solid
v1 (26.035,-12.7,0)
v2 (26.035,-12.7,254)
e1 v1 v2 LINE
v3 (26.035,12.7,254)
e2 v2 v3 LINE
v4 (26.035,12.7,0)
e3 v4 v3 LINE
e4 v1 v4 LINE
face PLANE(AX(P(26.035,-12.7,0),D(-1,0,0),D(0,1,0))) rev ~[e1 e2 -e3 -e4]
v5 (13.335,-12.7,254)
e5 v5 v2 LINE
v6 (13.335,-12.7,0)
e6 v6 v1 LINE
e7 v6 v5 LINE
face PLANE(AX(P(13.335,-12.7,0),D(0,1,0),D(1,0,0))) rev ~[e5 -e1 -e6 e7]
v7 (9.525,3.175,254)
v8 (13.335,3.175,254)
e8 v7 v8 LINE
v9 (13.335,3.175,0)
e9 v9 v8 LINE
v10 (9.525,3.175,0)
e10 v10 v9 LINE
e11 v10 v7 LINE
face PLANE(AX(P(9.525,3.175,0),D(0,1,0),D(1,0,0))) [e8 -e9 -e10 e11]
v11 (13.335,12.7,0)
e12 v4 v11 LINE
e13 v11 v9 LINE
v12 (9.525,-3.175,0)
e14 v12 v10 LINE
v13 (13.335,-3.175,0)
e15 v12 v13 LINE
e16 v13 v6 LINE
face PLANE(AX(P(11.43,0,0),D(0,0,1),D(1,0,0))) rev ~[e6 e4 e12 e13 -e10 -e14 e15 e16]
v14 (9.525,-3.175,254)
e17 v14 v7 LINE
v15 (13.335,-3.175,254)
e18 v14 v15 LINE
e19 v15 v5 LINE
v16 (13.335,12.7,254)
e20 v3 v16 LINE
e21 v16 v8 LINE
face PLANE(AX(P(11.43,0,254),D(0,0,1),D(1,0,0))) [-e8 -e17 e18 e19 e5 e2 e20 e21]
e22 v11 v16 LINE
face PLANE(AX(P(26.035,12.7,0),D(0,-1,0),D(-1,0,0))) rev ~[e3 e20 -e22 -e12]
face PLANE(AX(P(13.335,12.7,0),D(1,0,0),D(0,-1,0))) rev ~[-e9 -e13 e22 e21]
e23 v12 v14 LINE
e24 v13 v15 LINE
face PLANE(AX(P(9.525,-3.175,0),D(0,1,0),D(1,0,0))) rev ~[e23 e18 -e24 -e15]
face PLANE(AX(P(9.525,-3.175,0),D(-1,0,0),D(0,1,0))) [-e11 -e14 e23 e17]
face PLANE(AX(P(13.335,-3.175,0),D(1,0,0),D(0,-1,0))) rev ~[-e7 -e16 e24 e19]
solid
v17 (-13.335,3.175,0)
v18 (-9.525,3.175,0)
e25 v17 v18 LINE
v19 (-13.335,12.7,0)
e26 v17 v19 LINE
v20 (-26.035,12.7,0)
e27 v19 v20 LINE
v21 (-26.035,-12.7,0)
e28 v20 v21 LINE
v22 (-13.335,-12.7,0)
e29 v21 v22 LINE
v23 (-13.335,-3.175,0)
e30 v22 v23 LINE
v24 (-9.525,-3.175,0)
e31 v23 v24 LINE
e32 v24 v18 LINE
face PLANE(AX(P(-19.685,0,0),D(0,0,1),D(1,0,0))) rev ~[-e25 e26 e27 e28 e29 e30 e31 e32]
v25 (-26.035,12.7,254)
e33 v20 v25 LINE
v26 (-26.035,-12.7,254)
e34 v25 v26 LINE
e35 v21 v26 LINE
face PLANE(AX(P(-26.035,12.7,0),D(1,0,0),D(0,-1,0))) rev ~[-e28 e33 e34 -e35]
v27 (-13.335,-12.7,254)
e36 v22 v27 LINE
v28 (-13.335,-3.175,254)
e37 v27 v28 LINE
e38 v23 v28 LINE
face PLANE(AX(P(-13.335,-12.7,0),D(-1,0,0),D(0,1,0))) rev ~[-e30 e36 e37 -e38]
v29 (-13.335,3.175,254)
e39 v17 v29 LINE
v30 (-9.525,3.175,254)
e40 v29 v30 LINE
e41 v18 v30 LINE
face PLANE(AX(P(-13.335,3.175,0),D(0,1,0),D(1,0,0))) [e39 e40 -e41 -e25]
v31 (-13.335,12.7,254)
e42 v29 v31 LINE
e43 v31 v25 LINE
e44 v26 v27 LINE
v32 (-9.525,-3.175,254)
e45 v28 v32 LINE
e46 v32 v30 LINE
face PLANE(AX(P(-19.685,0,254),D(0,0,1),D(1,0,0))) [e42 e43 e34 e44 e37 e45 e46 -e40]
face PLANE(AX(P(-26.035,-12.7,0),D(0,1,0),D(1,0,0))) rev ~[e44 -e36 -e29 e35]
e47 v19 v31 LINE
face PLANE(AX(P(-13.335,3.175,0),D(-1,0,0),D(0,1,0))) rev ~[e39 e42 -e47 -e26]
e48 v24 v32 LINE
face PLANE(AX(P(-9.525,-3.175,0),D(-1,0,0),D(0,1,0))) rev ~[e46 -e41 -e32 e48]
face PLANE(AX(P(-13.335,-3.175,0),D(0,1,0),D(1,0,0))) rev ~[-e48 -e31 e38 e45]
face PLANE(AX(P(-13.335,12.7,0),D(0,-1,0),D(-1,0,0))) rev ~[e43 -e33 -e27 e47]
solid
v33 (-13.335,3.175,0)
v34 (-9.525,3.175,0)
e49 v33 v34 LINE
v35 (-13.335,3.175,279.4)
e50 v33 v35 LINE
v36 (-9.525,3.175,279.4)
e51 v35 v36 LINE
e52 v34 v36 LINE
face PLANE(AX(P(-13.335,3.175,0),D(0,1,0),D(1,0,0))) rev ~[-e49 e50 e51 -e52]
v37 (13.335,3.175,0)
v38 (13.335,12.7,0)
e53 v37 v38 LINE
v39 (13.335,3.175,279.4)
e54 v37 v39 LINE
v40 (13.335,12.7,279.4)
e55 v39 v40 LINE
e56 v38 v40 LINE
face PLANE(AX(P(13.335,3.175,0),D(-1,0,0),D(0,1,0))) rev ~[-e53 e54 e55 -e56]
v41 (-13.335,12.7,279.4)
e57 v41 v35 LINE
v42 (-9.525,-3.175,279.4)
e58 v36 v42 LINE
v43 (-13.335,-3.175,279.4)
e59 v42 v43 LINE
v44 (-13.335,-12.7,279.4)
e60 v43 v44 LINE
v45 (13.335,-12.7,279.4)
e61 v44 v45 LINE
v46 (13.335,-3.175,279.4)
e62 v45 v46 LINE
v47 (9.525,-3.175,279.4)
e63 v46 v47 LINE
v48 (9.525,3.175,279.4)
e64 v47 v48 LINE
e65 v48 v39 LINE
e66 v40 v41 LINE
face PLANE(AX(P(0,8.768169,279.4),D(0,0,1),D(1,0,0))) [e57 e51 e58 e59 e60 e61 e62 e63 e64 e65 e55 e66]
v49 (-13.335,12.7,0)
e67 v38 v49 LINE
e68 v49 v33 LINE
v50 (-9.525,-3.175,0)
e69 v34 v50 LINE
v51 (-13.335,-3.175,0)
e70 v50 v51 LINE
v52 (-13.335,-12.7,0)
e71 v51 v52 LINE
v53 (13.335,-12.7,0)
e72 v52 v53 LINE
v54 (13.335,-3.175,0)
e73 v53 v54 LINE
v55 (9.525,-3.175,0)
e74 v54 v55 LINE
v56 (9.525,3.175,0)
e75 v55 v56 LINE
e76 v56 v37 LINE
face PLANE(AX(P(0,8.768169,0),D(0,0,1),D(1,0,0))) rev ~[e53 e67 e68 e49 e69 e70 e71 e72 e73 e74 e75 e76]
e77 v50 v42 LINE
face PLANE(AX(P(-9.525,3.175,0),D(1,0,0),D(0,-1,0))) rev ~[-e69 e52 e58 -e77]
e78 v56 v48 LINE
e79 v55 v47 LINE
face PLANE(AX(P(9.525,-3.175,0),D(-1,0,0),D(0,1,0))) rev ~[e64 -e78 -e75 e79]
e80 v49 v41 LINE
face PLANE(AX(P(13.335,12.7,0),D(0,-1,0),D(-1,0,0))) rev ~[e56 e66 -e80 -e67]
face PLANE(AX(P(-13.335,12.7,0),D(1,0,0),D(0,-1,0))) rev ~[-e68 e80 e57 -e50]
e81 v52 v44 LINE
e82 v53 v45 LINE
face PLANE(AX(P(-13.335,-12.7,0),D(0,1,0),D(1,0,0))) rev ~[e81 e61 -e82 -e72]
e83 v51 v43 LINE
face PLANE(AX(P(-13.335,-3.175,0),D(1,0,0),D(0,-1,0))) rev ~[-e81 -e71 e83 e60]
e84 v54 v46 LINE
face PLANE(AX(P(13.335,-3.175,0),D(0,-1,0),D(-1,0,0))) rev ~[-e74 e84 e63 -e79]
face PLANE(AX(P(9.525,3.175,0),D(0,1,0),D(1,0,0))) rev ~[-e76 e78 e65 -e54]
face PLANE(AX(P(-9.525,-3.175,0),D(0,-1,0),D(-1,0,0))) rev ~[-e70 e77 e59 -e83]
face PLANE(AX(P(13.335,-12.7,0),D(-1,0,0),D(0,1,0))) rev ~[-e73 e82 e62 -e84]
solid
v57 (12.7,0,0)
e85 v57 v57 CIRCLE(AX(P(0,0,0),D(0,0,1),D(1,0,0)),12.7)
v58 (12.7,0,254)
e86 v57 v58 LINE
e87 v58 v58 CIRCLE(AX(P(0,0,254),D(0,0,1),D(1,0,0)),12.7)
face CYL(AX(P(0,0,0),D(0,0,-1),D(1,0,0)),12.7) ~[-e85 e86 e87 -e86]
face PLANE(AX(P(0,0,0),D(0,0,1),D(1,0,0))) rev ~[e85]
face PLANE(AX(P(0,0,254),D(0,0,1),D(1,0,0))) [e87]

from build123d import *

# Parameters (mm, degrees)
F0_R     = 12.7
F1_DEPTH = 254
F2_W     = 3.81
F2_H     = 6.35
F3_DEPTH = 254
F2_W_2   = 19.05
F2_H_2   = 4.7625
F4_DEPTH = 279.4


with BuildPart() as f1:
    # F0 (on Top) → F1 (new body)
    with BuildSketch(Plane.XY):
        Circle(F0_R)
    extrude(amount=F1_DEPTH)


with BuildPart() as f3:
    # F2 (on Top) → F3 (new body)
    with BuildSketch(Plane.XY):
        Polygon((-13.335, -12.7), (-13.335, -3.175), (-13.335, 3.175), (-13.335, 12.7), (-26.035, 12.7), (-26.035, -12.7), align=None)
        with Locations((-11.43, 0)):
            Rectangle(F2_W, F2_H)
        with Locations((11.43, 0)):
            Rectangle(F2_W, F2_H)
        Polygon((13.335, 3.175), (13.335, -3.175), (13.335, -12.7), (26.035, -12.7), (26.035, 12.7), (13.335, 12.7), align=None)
    extrude(amount=F3_DEPTH)


with BuildPart() as f4:
    # F2 (on Top) → F4 (new body)
    with BuildSketch(Plane.XY):
        Polygon((9.525, 7.9375), (9.525, 3.175), (13.335, 3.175), (13.335, 12.7), (-13.335, 12.7), (-13.335, 3.175), (-9.525, 3.175), (-9.525, 7.9375), align=None)
        with Locations((0, 5.55625)):
            Rectangle(F2_W_2, F2_H_2)
        Rectangle(F2_W_2, F2_H)
        with Locations((0, -5.55625)):
            Rectangle(F2_W_2, F2_H_2)
        Polygon((9.525, -3.175), (9.525, -7.9375), (-9.525, -7.9375), (-9.525, -3.175), (-13.335, -3.175), (-13.335, -12.7), (13.335, -12.7), (13.335, -3.175), align=None)
    extrude(amount=F4_DEPTH)


solid = Compound([f1.part, f3.part, f4.part])
